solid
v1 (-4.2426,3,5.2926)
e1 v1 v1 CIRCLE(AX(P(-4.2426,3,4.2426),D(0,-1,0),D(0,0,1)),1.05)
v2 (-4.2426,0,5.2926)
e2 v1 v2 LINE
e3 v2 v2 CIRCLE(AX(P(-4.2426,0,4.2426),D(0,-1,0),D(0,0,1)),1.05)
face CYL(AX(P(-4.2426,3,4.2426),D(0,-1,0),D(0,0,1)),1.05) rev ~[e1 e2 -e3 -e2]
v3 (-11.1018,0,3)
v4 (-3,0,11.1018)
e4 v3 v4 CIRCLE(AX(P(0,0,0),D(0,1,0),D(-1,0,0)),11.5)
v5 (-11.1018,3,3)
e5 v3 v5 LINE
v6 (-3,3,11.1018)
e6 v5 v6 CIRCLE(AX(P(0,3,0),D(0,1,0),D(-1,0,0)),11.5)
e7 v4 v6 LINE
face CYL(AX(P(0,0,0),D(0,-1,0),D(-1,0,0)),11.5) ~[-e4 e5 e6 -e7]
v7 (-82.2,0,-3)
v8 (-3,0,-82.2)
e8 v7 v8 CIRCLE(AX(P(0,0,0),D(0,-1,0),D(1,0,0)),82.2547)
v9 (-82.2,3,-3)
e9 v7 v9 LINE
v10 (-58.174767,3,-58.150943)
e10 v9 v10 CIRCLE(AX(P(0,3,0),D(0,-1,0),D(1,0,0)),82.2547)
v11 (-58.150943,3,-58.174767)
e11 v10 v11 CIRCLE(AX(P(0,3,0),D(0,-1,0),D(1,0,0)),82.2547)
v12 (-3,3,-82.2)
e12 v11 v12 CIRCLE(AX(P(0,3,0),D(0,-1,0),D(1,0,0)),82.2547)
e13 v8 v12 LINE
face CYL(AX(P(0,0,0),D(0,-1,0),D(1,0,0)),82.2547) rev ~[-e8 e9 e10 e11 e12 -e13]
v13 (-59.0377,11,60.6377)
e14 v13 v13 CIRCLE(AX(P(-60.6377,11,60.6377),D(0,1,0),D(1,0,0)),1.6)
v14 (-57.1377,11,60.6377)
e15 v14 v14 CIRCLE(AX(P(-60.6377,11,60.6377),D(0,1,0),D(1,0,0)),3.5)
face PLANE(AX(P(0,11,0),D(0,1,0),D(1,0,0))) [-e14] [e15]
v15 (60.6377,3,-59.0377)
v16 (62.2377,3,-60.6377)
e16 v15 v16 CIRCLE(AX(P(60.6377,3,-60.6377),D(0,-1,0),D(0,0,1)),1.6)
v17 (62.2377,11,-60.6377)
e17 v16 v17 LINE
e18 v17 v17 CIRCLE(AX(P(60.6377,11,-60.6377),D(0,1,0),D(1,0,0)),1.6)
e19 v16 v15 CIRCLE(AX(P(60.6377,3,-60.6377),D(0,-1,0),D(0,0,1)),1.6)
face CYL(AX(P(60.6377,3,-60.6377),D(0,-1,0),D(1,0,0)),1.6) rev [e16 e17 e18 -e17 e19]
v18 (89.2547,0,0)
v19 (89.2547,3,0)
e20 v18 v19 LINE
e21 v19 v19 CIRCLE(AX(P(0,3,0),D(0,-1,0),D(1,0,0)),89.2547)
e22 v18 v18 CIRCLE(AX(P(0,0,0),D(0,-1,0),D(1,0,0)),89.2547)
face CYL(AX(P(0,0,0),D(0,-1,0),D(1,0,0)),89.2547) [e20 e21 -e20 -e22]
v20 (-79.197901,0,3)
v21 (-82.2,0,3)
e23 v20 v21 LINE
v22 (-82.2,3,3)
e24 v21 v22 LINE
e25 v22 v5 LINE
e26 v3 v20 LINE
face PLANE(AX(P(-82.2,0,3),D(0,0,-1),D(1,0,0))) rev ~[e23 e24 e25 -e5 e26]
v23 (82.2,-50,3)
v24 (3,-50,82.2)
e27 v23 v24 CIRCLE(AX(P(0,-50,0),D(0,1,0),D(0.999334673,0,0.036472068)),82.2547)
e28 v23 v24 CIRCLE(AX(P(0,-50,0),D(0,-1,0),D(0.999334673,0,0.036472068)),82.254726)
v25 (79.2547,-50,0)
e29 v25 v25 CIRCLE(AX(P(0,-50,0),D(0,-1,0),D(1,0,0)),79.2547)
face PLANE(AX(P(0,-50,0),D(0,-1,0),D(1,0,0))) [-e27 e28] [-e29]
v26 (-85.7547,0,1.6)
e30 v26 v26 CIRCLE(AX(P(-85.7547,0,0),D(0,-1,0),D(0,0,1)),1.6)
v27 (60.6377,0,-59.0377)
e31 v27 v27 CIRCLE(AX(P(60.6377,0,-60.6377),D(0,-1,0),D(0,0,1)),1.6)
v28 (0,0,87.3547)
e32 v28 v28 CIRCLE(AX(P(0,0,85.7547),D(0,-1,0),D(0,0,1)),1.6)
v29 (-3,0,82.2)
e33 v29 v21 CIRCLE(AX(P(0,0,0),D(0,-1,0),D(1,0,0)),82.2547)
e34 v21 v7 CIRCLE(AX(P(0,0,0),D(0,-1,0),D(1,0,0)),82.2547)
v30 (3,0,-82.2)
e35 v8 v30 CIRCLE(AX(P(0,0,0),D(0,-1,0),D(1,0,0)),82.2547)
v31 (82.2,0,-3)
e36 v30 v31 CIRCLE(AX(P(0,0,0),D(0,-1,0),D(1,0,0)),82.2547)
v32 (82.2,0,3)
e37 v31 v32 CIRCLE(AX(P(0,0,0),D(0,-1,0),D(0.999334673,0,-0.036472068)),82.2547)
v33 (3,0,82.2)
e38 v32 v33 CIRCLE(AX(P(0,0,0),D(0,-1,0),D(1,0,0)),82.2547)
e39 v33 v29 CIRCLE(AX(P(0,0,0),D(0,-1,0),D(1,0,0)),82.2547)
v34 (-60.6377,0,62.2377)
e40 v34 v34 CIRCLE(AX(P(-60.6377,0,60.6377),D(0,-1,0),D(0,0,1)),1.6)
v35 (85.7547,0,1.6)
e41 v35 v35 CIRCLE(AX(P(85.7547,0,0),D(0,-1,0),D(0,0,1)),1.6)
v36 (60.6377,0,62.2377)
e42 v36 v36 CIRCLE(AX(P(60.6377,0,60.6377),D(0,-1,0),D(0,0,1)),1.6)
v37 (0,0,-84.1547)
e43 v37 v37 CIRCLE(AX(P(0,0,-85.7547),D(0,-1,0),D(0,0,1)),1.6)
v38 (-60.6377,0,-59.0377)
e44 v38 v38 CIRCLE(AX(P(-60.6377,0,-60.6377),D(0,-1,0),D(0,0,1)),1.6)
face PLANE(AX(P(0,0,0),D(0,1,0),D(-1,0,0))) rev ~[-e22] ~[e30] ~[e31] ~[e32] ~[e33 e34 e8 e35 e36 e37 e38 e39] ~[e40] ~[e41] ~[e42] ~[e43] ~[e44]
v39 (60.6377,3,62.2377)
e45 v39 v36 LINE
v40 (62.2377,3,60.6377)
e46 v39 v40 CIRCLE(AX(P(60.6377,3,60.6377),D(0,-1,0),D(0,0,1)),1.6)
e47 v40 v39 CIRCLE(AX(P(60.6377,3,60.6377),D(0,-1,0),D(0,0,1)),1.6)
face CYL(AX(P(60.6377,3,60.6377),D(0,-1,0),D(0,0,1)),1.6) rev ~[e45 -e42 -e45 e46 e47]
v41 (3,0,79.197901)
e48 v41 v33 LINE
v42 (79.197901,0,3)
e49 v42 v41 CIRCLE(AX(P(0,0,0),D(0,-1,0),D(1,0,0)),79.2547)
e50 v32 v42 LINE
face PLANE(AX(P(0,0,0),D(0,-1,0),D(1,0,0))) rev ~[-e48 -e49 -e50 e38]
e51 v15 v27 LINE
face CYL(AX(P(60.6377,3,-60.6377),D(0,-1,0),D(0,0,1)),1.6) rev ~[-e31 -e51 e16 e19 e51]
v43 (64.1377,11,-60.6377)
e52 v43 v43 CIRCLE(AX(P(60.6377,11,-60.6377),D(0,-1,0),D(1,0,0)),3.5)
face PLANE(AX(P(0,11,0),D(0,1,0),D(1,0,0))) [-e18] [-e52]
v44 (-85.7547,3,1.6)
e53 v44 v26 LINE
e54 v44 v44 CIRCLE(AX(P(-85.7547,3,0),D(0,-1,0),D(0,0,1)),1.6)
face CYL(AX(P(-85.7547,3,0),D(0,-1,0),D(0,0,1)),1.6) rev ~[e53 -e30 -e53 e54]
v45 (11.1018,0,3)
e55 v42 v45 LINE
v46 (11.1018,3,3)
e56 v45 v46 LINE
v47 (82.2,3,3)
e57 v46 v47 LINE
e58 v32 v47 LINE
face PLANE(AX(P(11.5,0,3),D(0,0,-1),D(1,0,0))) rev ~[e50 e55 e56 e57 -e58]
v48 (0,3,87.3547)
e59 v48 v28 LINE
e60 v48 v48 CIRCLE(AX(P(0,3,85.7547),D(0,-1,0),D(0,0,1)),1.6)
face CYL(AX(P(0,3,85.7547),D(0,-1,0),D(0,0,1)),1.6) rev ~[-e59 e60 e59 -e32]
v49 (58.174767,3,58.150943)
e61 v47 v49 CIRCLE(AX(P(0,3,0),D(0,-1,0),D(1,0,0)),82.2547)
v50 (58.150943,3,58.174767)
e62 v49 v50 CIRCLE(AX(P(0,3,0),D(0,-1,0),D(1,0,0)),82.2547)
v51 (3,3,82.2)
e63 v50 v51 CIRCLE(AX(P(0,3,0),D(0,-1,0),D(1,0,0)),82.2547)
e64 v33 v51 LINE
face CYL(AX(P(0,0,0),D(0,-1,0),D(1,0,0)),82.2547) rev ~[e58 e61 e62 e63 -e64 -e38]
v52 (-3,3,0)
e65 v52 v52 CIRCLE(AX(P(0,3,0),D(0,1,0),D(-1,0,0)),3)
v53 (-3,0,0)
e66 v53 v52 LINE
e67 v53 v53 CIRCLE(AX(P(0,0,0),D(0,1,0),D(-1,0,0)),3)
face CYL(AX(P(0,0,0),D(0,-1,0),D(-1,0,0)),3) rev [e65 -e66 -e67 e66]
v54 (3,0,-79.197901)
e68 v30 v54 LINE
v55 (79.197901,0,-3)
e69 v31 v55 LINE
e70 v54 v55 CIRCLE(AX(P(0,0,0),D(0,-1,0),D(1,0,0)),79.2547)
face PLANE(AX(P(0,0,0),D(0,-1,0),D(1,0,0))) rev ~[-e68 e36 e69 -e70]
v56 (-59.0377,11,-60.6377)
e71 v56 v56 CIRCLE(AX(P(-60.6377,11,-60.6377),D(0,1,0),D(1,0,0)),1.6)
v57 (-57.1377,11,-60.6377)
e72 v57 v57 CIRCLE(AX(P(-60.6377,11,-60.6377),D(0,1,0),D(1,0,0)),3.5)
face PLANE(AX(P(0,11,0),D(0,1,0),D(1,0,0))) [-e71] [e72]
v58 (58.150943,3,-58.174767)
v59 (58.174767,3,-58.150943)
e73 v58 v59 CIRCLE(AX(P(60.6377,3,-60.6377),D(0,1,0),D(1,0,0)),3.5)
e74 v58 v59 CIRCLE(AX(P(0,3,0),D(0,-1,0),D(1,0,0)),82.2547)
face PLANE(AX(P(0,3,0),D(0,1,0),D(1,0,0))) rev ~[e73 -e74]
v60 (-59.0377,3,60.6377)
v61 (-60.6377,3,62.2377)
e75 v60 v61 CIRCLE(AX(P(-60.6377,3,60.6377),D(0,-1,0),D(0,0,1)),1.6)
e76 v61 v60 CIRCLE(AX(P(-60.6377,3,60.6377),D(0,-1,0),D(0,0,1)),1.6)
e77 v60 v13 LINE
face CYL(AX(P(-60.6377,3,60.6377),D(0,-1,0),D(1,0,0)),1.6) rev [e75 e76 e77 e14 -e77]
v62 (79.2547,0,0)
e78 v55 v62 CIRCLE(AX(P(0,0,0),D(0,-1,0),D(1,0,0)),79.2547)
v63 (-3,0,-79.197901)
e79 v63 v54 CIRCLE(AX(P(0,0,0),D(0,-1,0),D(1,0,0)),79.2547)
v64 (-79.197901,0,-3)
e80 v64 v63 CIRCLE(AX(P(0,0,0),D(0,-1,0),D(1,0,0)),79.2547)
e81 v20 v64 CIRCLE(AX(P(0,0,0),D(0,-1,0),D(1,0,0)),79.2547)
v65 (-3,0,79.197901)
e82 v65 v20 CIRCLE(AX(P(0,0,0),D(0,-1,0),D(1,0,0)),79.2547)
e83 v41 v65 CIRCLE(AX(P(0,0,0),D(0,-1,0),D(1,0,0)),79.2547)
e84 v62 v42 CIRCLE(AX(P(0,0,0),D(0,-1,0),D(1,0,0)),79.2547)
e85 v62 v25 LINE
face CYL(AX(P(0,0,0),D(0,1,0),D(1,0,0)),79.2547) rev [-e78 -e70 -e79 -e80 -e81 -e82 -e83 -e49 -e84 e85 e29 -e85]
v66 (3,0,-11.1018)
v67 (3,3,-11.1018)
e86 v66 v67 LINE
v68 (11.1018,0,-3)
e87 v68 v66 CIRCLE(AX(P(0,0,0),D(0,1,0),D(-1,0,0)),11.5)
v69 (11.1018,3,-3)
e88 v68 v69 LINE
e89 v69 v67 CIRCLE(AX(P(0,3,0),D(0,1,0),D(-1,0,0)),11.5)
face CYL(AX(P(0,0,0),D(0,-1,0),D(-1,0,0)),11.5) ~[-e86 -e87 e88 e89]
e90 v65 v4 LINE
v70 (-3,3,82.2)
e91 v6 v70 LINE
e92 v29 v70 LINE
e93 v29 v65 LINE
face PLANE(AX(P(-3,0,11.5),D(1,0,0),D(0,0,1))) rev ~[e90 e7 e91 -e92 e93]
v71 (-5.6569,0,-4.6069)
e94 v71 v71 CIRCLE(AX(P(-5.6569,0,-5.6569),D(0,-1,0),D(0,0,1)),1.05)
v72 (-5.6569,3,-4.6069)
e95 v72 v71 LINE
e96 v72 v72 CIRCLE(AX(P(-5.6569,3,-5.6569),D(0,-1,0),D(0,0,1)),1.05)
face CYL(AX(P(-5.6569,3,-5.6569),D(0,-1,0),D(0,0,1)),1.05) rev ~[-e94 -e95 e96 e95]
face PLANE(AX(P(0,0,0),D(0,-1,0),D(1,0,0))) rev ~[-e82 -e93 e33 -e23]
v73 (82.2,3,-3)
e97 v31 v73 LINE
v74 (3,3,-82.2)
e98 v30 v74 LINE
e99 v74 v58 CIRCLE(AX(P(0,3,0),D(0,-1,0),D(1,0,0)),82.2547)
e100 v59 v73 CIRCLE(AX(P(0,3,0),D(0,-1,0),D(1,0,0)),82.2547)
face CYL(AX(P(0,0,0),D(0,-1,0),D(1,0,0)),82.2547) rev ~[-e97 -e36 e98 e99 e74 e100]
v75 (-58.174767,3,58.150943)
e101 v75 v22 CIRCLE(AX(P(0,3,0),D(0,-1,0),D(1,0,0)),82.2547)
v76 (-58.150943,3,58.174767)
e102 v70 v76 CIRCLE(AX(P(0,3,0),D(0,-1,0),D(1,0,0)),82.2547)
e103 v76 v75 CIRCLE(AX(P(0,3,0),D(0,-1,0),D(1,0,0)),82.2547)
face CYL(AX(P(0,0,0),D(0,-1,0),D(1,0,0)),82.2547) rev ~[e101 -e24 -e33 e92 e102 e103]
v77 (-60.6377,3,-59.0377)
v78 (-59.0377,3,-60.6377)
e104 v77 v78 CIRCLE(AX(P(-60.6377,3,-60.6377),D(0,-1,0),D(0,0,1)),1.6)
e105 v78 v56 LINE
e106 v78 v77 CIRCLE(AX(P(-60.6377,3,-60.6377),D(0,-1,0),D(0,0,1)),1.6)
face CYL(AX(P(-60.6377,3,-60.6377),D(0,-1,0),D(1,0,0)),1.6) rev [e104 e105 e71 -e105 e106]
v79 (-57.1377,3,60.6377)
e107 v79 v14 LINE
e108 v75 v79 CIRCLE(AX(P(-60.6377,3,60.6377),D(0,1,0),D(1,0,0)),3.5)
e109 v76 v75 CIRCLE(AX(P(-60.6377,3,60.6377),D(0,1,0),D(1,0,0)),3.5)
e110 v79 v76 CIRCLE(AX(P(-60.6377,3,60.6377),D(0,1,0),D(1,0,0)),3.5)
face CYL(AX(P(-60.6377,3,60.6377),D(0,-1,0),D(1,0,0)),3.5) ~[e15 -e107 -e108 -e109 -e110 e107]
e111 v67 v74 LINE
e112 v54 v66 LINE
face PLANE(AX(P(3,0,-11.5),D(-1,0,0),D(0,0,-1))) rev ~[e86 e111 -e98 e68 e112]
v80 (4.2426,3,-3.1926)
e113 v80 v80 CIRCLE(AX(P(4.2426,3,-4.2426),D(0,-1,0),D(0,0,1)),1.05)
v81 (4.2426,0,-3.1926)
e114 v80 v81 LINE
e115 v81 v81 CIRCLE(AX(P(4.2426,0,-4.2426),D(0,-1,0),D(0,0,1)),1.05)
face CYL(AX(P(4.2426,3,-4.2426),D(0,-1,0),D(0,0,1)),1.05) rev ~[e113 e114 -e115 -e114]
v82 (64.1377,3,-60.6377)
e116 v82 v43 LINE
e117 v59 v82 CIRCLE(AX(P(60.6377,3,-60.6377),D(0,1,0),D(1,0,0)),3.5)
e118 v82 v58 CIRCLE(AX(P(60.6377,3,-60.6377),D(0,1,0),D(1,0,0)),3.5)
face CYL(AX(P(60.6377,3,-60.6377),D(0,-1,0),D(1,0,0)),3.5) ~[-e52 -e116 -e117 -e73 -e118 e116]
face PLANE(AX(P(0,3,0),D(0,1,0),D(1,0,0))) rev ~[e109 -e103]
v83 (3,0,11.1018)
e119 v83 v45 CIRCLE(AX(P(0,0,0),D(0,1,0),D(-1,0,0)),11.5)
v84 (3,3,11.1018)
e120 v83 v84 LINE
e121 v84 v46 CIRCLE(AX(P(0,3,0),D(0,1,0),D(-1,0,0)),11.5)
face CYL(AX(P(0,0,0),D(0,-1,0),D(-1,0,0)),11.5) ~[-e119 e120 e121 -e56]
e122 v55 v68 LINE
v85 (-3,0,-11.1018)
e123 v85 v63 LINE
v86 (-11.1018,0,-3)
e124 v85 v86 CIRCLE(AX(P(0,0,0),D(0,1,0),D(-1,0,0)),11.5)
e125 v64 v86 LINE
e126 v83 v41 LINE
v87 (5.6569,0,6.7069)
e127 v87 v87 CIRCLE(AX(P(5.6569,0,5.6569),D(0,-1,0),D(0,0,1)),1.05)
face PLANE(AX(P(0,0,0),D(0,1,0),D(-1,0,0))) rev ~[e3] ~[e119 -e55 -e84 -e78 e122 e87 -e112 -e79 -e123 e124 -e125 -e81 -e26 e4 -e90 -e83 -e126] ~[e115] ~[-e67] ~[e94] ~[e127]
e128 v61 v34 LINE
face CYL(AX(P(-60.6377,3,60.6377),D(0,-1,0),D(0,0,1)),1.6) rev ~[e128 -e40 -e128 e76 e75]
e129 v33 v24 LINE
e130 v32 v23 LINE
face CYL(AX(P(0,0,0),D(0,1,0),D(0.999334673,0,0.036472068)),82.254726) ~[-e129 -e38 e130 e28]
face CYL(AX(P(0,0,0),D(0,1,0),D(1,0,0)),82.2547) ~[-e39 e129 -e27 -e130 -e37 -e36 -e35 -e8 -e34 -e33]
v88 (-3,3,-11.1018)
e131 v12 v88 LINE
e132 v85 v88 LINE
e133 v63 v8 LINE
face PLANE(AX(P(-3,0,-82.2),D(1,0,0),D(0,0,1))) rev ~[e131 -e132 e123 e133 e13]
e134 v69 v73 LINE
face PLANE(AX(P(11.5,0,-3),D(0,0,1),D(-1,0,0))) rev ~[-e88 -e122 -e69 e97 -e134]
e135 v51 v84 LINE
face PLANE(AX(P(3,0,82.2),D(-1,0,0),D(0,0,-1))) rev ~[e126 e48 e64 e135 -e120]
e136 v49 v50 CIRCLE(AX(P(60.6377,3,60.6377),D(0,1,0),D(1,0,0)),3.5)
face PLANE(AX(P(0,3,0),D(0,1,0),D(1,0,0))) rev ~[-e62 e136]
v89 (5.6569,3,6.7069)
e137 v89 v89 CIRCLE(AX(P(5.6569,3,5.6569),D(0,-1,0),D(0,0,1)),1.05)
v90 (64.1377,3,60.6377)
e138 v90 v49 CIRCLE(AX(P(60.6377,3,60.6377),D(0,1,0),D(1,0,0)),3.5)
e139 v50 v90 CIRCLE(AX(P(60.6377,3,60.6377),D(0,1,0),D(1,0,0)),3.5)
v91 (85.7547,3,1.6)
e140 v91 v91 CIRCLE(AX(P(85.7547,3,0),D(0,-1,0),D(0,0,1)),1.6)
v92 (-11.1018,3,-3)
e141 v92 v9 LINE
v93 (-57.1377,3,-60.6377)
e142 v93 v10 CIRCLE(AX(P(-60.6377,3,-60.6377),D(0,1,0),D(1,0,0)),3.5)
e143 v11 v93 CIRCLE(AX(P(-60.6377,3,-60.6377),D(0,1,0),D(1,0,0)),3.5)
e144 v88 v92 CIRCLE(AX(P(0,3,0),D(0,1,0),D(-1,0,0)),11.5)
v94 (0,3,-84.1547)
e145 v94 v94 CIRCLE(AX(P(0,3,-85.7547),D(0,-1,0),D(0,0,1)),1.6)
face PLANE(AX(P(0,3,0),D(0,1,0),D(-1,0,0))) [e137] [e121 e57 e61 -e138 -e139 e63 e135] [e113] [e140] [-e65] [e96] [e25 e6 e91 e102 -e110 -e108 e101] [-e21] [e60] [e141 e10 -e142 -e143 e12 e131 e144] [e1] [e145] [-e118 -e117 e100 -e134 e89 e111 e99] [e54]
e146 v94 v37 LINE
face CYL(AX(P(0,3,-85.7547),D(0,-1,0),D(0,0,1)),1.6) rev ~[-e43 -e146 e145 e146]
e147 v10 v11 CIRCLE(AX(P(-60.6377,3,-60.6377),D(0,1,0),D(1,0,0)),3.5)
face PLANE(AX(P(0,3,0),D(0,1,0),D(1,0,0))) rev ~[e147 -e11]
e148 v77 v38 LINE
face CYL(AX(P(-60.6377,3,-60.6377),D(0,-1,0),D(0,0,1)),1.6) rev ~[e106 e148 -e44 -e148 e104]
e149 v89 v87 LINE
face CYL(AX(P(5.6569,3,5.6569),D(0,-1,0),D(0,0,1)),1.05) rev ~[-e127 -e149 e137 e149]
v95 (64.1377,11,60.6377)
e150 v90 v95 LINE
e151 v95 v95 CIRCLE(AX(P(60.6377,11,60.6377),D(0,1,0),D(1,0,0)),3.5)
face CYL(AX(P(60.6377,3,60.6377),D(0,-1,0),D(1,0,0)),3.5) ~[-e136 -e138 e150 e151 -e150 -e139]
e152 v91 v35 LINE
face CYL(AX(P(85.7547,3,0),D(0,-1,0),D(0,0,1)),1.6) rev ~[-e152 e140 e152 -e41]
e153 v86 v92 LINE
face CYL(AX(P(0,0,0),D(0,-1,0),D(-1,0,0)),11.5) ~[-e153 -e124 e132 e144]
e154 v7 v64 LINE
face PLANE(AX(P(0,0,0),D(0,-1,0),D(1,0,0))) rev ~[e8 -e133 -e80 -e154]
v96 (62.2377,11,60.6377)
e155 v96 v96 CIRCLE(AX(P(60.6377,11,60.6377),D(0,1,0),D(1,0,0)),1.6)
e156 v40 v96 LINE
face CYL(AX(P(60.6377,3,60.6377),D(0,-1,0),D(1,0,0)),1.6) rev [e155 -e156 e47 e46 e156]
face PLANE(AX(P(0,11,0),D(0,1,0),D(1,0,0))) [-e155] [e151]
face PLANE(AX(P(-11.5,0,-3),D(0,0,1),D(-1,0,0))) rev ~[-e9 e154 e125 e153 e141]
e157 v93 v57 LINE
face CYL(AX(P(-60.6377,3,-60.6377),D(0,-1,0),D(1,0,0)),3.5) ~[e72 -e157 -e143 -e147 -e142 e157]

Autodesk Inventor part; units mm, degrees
ref_plane "YZ Plane" through (0, 0, 0) normal (1, 0, 0) x (0, 1, 0)
ref_plane "XZ Plane" through (0, 0, 0) normal (0, 1, 0) x (-1, 0, 0)
ref_plane "XY Plane" through (0, 0, 0) normal (0, 0, 1) x (1, 0, 0)
sketch "Szkic1" plane through (0, 0, 0) normal (0, 1, 0) x (-1, 0, 0)
  circle A0 centre (0, 0) radius 11.5
  circle A1 centre (0, 0) radius 3
  line L0 (6, 8) -> (-6, 8)
  line L1 (-6, 8) -> (-6, -8)
  line L2 (-6, -8) -> (6, -8)
  line L3 (6, -8) -> (6, 8)
  line L4 (6, 8) -> (-6, -8) construction
  line L5 (-6, 8) -> (6, -8) construction
  line L6 (0, 8) -> (6, 0)
  line L7 (6, 0) -> (0, -8)
  line L8 (0, -8) -> (-6, 0)
  line L9 (-6, 0) -> (0, 8)
  dimension "d0" = 23
  dimension "d1" = 6
  dimension "d2" = 16
  dimension "d3" = 12
extrude "Wyciągnięcie proste1" add sketch "Szkic1" along normal blind 3 contours A0 | L3 L6 L0 | L9 L1 L0 | L6 L7 L8 L9 | L3 L2 L7 | L8 L2 L1
sketch "Szkic2" plane through (0, 0, 0) normal (0, -1, 0) x (1, 0, 0)
  circle A0 centre (0, 0) radius 11.5 projected
  line L0 (-11.5, 0) -> (-11.5, -3)
  line L1 (-11.5, -3) -> (-82.2, -3)
  line L2 (-82.2, -3) -> (-82.2, 3)
  line L3 (-82.2, 3) -> (-11.5, 3)
  line L4 (-11.5, 3) -> (-11.5, -3)
  line L5 (-11.5, 3) -> (-11.1018, 3)
  line L6 (-11.5, -3) -> (-11.1018, -3)
  circle A1 centre (0, 0) radius 3 projected
  line L7 (3, -11.5) -> (3, -82.2)
  line L8 (-3, -82.2) -> (-3, -11.5)
  line L9 (3, -11.5) -> (3, -11.1018)
  line L10 (0, -11.5) -> (3, -11.5)
  line L11 (-3, -11.5) -> (-3, -11.1018)
  line L12 (-3, -11.5) -> (3, -11.5)
  line L13 (3, -82.2) -> (-3, -82.2)
  line L14 (11.5, 3) -> (82.2, 3)
  line L15 (82.2, -3) -> (11.5, -3)
  line L16 (11.5, 3) -> (11.1018, 3)
  line L17 (11.5, 0) -> (11.5, 3)
  line L18 (11.5, -3) -> (11.1018, -3)
  line L19 (11.5, -3) -> (11.5, 3)
  line L20 (82.2, 3) -> (82.2, -3)
  line L21 (-3, 11.5) -> (-3, 82.2)
  line L22 (3, 82.2) -> (3, 11.5)
  line L23 (-3, 11.5) -> (-3, 11.1018)
  line L24 (0, 11.5) -> (-3, 11.5)
  line L25 (3, 11.5) -> (3, 11.1018)
  line L26 (3, 11.5) -> (-3, 11.5)
  line L27 (-3, 82.2) -> (3, 82.2)
  circle A2 centre (0, 0) radius 82.2547
  circle A3 centre (0, 0) radius 89.2547
  point P0 (-11.5, 0)
  point P1 (0, -11.5)
  point P2 (11.5, 0)
  point P3 (0, 11.5)
  point P4 (11.5, 0)
  point P5 (11.5, 0)
  point P6 (11.5, 0)
  dimension "d15" = 70.7
  dimension "d17" = 6
  dimension "d18" = 3
  dimension "d21" = 360
  dimension "d23" = 7
extrude "Wyciągnięcie proste2" add sketch "Szkic2" against normal blind 3 contours L19 L18 A0 | A0 L16 L17 | L17 L14 L20 L15 L19 | A0 L26 L25 | L9 L10 A0 | A2 L20 | A0 L23 L24 | L24 L21 L27 L22 L26 | L12 L11 A0 | L10 L7 L13 L8 L12 | L27 A2 | A2 L13 | A0 L4 L5 | L6 L0 A0 | L3 L4 L0 L1 L2 | L2 A2 | A3
sketch "Szkic3" plane through (0, 3, 0) normal (0, 1, 0) x (1, 0, 0)
  line L0 (82.2, 3) -> (11.1018, 3) projected
  circle A0 centre (0, 0) radius 89.2547 projected
  line L1 (0, 89.2547) -> (89.2547, 89.2547)
  line L2 (89.2547, 89.2547) -> (89.2547, 0)
  line L3 (89.2547, 0) -> (0, 0)
  line L4 (0, 0) -> (0, 89.2547)
  circle A1 centre (0, 0) radius 3 projected
  line L5 (0, 0) -> (89.2547, 89.2547)
  circle A2 centre (60.6377, 60.6377) radius 3.5
  arc A3 (82.2, 3) -> (3, 82.2) centre (0, 0) ccw projected
  circle A4 centre (0, 85.7547) radius 3.5
  circle A5 centre (-60.6377, 60.6377) radius 3.5
  circle A6 centre (-85.7547, 0) radius 3.5
  circle A7 centre (-60.6377, -60.6377) radius 3.5
  circle A8 centre (0, -85.7547) radius 3.5
  circle A9 centre (60.6377, -60.6377) radius 3.5
  circle A10 centre (85.7547, 0) radius 3.5
  dimension "d42" = 360
hole "Otwór3" at (60.6377, 3, -60.6377) at (0, 3, -85.7547) at (-60.6377, 3, -60.6377) at (-85.7547, 3, 0) at (85.7547, 3, 0) at (-60.6377, 3, 60.6377) at (0, 3, 85.7547) at (60.6377, 3, 60.6377) direction (0, -1, 0) diameter 3.2 end through all
sketch "Szkic4" plane through (0, 3, 0) normal (0, 1, 0) x (1, 0, 0)
  circle A0 centre (60.6377, 60.6377) radius 1.6 projected
  circle A1 centre (60.6377, 60.6377) radius 3.5
  arc A2 (82.2, 3) -> (3, 82.2) centre (0, 0) ccw projected
  circle A3 centre (60.6377, 60.6377) radius 1.6
  circle A4 centre (-60.6377, 60.6377) radius 3.5
  circle A5 centre (-60.6377, 60.6377) radius 1.6
  circle A6 centre (-60.6377, -60.6377) radius 3.5
  circle A7 centre (-60.6377, -60.6377) radius 1.6
  circle A8 centre (60.6377, -60.6377) radius 3.5
  circle A9 centre (60.6377, -60.6377) radius 1.6
  dimension "d53" = 360
extrude "Wyciągnięcie proste3" add sketch "Szkic4" along normal blind 8
sketch "Szkic5" plane through (0, 3, 0) normal (0, 1, 0) x (1, 0, 0)
  line L0 (9.8995, -1.4142) -> (1.4142, -9.8995)
  line L1 (1.4142, -9.8995) -> (-9.8995, 1.4142)
  line L2 (-9.8995, 1.4142) -> (-1.4142, 9.8995)
  line L3 (-1.4142, 9.8995) -> (9.8995, -1.4142)
  arc A0 (3, -11.1018) -> (11.1018, -3) centre (0, 0) ccw projected
  arc A1 (-11.1018, -3) -> (-3, -11.1018) centre (0, 0) ccw projected
  line L4 (3, -11.1018) -> (-3, -11.1018)
  line L5 (5.6569, -5.6569) -> (4.2426, 4.2426)
  line L6 (4.2426, 4.2426) -> (-5.6569, 5.6569)
  line L7 (-5.6569, 5.6569) -> (-4.2426, -4.2426)
  line L8 (-4.2426, -4.2426) -> (5.6569, -5.6569)
  dimension "d57" = 45
  dimension "d58" = 12
  dimension "d59" = 16
  dimension "d60" = 6
  dimension "d61" = 8
hole "Otwór4" at (5.6569, 3, 5.6569) at (4.2426, 3, -4.2426) at (-5.6569, 3, -5.6569) at (-4.2426, 3, 4.2426) direction (0, -1, 0) diameter 2.1 end through all
sketch "Szkic6" plane through (0, 0, 0) normal (0, -1, 0) x (1, 0, 0)
  circle A0 centre (0, 0) radius 89.2547 projected
  circle A1 centre (0, 0) radius 3 projected
  circle A2 centre (0, 0) radius 79.2547
  arc A3 (82.2, 3) -> (3, 82.2) centre (0, 0) ccw projected
  circle A4 centre (0, 0) radius 82.2547
  point P0 (3, 82.2)
  dimension "d70" = 3
extrude "Wyciągnięcie proste4" add sketch "Szkic6" along normal blind 50 contours A4 A3
properties part number "rama-silnik-gora-1"
